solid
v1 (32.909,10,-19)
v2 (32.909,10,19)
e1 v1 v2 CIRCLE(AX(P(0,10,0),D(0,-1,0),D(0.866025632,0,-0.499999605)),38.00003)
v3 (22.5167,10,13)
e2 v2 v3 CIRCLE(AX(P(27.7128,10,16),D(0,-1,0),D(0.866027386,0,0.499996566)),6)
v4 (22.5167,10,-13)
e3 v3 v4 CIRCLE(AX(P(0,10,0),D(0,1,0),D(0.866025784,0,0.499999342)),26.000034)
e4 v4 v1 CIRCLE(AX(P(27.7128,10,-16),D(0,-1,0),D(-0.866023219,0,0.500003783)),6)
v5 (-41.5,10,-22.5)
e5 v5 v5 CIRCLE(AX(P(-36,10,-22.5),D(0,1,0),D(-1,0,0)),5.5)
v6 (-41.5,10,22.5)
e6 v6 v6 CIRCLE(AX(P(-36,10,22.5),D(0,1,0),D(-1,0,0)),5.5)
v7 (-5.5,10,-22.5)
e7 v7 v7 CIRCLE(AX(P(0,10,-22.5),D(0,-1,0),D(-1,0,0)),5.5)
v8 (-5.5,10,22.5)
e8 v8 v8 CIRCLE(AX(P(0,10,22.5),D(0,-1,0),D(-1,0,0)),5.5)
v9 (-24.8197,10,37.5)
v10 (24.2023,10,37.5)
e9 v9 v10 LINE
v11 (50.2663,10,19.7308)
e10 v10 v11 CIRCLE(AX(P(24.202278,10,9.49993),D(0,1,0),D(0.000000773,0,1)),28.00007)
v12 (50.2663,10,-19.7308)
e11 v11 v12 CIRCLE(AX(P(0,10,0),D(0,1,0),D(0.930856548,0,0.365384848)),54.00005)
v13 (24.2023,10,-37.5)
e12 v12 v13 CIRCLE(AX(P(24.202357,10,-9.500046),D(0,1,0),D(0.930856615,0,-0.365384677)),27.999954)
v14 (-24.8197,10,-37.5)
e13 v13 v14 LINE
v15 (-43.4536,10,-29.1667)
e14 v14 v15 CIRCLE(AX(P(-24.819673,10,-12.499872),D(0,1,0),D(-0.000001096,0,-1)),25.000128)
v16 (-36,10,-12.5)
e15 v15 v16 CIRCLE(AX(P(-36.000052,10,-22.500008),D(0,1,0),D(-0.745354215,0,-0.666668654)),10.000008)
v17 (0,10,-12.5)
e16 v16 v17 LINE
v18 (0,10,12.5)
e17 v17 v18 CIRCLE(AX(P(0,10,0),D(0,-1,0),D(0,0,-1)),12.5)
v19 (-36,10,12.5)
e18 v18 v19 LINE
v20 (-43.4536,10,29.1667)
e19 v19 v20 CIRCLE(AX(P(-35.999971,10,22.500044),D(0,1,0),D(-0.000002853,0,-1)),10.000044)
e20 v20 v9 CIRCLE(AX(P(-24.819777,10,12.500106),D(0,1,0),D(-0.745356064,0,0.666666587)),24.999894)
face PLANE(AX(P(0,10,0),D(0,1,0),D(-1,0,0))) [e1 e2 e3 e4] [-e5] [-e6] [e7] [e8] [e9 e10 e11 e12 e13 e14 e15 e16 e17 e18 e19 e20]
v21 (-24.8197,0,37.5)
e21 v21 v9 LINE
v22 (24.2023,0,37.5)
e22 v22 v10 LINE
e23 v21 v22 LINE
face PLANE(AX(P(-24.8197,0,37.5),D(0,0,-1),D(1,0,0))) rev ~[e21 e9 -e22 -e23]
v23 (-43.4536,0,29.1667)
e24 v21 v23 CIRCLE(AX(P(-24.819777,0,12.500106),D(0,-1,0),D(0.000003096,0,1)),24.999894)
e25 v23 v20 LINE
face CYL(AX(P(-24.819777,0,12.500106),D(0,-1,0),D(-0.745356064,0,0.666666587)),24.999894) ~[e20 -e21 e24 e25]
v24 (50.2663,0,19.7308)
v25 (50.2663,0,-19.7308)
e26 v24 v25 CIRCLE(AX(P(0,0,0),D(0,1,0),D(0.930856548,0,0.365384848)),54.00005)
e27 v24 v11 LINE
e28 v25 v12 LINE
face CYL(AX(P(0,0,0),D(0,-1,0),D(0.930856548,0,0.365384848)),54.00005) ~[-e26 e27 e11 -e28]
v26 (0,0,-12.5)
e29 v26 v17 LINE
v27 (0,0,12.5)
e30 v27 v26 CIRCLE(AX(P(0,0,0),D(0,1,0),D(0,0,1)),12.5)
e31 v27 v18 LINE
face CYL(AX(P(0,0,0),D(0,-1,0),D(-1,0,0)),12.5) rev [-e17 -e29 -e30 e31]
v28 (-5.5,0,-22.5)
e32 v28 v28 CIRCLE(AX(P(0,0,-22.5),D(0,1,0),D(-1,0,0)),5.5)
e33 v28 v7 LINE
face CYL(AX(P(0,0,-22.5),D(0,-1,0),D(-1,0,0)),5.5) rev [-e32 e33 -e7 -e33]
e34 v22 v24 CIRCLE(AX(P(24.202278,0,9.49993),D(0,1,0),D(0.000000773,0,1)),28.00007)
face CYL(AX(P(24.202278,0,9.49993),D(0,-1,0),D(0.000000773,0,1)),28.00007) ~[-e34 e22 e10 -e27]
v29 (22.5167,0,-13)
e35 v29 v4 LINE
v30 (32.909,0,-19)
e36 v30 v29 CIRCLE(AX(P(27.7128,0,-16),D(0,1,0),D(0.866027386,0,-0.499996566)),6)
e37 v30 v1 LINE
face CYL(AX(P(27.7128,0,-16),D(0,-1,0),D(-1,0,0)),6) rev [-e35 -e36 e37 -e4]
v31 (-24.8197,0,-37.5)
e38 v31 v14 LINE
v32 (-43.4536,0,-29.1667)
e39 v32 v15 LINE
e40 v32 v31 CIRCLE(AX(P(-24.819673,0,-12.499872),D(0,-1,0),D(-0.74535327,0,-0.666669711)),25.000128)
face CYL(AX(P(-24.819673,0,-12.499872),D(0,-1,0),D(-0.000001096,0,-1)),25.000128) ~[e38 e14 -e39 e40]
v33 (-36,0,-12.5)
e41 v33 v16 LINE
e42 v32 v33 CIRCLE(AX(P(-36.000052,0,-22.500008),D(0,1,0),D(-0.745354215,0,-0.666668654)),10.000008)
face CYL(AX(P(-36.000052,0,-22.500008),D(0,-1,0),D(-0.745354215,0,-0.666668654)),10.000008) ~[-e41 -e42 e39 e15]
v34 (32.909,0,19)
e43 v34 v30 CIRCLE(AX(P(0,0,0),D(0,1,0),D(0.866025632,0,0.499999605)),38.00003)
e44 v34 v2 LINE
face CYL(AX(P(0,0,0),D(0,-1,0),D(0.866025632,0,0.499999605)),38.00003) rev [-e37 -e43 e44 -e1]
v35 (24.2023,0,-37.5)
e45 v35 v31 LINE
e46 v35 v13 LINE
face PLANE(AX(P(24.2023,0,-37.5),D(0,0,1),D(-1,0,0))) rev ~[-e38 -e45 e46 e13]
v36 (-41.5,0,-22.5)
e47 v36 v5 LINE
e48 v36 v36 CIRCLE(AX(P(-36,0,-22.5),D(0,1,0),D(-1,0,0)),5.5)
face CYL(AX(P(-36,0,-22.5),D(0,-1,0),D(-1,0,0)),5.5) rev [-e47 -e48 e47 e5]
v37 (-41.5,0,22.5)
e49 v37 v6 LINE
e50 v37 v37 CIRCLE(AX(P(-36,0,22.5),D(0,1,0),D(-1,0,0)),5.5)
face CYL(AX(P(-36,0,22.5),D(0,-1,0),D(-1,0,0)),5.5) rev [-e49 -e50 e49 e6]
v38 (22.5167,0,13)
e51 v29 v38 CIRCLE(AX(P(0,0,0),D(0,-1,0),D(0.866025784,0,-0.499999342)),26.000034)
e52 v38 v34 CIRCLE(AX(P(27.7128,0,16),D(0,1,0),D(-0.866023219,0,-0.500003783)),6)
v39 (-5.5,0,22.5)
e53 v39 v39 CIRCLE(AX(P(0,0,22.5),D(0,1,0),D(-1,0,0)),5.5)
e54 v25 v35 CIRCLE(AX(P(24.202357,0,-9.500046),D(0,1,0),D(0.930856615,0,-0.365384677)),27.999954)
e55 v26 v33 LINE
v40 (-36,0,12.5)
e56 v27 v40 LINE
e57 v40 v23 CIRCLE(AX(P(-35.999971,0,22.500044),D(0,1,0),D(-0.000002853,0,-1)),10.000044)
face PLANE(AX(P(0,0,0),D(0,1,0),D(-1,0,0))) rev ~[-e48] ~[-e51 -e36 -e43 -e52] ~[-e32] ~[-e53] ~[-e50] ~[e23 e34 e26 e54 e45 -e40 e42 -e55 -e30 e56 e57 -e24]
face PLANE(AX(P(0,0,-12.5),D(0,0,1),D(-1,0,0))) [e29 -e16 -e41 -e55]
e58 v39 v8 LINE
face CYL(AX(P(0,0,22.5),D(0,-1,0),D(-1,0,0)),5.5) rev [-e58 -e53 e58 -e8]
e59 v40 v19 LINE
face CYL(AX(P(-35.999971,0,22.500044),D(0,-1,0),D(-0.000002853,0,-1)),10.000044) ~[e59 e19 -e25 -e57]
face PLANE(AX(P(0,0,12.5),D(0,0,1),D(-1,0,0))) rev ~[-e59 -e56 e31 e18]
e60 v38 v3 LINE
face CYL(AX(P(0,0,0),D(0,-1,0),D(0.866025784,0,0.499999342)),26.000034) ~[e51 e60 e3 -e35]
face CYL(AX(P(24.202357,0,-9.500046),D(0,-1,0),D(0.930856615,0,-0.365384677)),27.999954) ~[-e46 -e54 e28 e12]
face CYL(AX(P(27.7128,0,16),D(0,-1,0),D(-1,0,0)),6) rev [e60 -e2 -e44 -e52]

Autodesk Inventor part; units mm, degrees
ref_plane "YZ Plane" through (0, 0, 0) normal (1, 0, 0) x (0, 1, 0)
ref_plane "XZ Plane" through (0, 0, 0) normal (0, 1, 0) x (-1, 0, 0)
ref_plane "XY Plane" through (0, 0, 0) normal (0, 0, 1) x (1, 0, 0)
sketch "Sketch1" plane through (0, 0, 0) normal (0, 1, 0) x (-1, 0, 0)
  arc A0 (-50.2663, 19.7308) -> (-50.2663, -19.7308) centre (0, 0) ccw
  line L0 (24.8197, 37.5) -> (-24.2023, 37.5)
  line L1 (-24.2023, -37.5) -> (24.8197, -37.5)
  circle A1 centre (0, 0) radius 12.5
  circle A2 centre (0, -22.5) radius 5.5
  circle A3 centre (0, 22.5) radius 5.5
  arc A4 (-24.2023, 37.5) -> (-50.2663, 19.7308) centre (-24.2023, 9.5) ccw
  line L2 (-14, 0) -> (-38, 0)
  arc A5 (-50.2663, -19.7308) -> (-24.2023, -37.5) centre (-24.2023, -9.5) ccw
  line L3 (0, 0) -> (-36.2595, -20.9344)
  line L4 (0, 0) -> (-38.6065, 22.2895)
  circle A6 centre (-27.7128, 16) radius 6
  circle A7 centre (-27.7128, -16) radius 6
  arc A8 (-22.5167, 13) -> (-22.5167, -13) centre (0, 0) ccw
  arc A9 (-32.909, 19) -> (-32.909, -19) centre (0, 0) ccw
  line L5 (38.0847, -33.6906) -> (38.0847, -32.2803)
  line L6 (38.0847, 32.2803) -> (38.0847, 33.6906)
  arc A10 (36, 12.5) -> (43.4536, 29.1667) centre (36, 22.5) ccw
  arc A11 (43.4536, -29.1667) -> (36, -12.5) centre (36, -22.5) ccw
  line L7 (0, 12.5) -> (0, -12.5)
  arc A12 (3.9746, 26.3016) -> (3.6179, 25.7471) centre (24.8197, 12.5) ccw
  arc A13 (-0.1803, 12.4987) -> (0, 9.5026) centre (24.8197, 12.5) ccw
  arc A14 (1.3171, -21.0223) -> (3.9746, -26.3016) centre (24.8197, -12.5) ccw
  arc A15 (24.8197, -37.5) -> (43.4536, -29.1667) centre (24.8197, -12.5) ccw
  arc A16 (0, -9.5026) -> (-0.1803, -12.4987) centre (24.8197, -12.5) ccw
  arc A17 (43.4536, 29.1667) -> (24.8197, 37.5) centre (24.8197, 12.5) ccw
  line L8 (0, 12.5) -> (36, 12.5)
  line L9 (49.8197, 12.5) -> (55, 12.5)
  line L10 (0, -12.5) -> (36, -12.5)
  line L11 (49.8197, -12.5) -> (57, -12.5)
  arc A18 (24.8197, -12.5) -> (29.6533, -12.0283) centre (24.8197, 12.5) ccw
  arc A19 (36.8095, -9.4373) -> (38.0847, -8.6906) centre (24.8197, 12.5) ccw
  arc A20 (-24.2389, 20.892) -> (-27.7128, 16) centre (0, 0) ccw
  arc A21 (-30.2125, -10.5455) -> (-24.2389, -20.892) centre (0, 0) ccw
  circle A22 centre (36, 22.5) radius 5.5
  circle A23 centre (36, -22.5) radius 5.5
  dimension "d5" = 11
  dimension "d6" = 11
  dimension "d0" = 108
  dimension "d4" = 25
  dimension "d7" = 45
  dimension "d8" = 22.5
  dimension "d9" = 37.5
  dimension "d10" = 37.5
  dimension "d13" = 30
  dimension "d14" = 30
  dimension "d15" = 12
  dimension "d16" = 12
  dimension "d17" = 20
  dimension "d18" = 20
  dimension "d19" = 36
  dimension "d20" = 36
  dimension "d23" = 11
  dimension "d24" = 11
extrude "Extrusion1" add sketch "Sketch1" along normal blind 10 contours A4 L0 A17 A10 L8 A1 L4 A6 A9 A7 L3 L10 A11 A15 L1 A5 A0 | A1 L3 A8 L4
equation "\"d5\" = d6"
equation "\"d8\" = 0.5 * d7"
equation "\"d9\" = 0.5 * d1"
equation "\"d10\" = d9"
equation "\"d16\" = d15"
equation "\"d18\" = d17"
equation "\"d1\" = 75"
